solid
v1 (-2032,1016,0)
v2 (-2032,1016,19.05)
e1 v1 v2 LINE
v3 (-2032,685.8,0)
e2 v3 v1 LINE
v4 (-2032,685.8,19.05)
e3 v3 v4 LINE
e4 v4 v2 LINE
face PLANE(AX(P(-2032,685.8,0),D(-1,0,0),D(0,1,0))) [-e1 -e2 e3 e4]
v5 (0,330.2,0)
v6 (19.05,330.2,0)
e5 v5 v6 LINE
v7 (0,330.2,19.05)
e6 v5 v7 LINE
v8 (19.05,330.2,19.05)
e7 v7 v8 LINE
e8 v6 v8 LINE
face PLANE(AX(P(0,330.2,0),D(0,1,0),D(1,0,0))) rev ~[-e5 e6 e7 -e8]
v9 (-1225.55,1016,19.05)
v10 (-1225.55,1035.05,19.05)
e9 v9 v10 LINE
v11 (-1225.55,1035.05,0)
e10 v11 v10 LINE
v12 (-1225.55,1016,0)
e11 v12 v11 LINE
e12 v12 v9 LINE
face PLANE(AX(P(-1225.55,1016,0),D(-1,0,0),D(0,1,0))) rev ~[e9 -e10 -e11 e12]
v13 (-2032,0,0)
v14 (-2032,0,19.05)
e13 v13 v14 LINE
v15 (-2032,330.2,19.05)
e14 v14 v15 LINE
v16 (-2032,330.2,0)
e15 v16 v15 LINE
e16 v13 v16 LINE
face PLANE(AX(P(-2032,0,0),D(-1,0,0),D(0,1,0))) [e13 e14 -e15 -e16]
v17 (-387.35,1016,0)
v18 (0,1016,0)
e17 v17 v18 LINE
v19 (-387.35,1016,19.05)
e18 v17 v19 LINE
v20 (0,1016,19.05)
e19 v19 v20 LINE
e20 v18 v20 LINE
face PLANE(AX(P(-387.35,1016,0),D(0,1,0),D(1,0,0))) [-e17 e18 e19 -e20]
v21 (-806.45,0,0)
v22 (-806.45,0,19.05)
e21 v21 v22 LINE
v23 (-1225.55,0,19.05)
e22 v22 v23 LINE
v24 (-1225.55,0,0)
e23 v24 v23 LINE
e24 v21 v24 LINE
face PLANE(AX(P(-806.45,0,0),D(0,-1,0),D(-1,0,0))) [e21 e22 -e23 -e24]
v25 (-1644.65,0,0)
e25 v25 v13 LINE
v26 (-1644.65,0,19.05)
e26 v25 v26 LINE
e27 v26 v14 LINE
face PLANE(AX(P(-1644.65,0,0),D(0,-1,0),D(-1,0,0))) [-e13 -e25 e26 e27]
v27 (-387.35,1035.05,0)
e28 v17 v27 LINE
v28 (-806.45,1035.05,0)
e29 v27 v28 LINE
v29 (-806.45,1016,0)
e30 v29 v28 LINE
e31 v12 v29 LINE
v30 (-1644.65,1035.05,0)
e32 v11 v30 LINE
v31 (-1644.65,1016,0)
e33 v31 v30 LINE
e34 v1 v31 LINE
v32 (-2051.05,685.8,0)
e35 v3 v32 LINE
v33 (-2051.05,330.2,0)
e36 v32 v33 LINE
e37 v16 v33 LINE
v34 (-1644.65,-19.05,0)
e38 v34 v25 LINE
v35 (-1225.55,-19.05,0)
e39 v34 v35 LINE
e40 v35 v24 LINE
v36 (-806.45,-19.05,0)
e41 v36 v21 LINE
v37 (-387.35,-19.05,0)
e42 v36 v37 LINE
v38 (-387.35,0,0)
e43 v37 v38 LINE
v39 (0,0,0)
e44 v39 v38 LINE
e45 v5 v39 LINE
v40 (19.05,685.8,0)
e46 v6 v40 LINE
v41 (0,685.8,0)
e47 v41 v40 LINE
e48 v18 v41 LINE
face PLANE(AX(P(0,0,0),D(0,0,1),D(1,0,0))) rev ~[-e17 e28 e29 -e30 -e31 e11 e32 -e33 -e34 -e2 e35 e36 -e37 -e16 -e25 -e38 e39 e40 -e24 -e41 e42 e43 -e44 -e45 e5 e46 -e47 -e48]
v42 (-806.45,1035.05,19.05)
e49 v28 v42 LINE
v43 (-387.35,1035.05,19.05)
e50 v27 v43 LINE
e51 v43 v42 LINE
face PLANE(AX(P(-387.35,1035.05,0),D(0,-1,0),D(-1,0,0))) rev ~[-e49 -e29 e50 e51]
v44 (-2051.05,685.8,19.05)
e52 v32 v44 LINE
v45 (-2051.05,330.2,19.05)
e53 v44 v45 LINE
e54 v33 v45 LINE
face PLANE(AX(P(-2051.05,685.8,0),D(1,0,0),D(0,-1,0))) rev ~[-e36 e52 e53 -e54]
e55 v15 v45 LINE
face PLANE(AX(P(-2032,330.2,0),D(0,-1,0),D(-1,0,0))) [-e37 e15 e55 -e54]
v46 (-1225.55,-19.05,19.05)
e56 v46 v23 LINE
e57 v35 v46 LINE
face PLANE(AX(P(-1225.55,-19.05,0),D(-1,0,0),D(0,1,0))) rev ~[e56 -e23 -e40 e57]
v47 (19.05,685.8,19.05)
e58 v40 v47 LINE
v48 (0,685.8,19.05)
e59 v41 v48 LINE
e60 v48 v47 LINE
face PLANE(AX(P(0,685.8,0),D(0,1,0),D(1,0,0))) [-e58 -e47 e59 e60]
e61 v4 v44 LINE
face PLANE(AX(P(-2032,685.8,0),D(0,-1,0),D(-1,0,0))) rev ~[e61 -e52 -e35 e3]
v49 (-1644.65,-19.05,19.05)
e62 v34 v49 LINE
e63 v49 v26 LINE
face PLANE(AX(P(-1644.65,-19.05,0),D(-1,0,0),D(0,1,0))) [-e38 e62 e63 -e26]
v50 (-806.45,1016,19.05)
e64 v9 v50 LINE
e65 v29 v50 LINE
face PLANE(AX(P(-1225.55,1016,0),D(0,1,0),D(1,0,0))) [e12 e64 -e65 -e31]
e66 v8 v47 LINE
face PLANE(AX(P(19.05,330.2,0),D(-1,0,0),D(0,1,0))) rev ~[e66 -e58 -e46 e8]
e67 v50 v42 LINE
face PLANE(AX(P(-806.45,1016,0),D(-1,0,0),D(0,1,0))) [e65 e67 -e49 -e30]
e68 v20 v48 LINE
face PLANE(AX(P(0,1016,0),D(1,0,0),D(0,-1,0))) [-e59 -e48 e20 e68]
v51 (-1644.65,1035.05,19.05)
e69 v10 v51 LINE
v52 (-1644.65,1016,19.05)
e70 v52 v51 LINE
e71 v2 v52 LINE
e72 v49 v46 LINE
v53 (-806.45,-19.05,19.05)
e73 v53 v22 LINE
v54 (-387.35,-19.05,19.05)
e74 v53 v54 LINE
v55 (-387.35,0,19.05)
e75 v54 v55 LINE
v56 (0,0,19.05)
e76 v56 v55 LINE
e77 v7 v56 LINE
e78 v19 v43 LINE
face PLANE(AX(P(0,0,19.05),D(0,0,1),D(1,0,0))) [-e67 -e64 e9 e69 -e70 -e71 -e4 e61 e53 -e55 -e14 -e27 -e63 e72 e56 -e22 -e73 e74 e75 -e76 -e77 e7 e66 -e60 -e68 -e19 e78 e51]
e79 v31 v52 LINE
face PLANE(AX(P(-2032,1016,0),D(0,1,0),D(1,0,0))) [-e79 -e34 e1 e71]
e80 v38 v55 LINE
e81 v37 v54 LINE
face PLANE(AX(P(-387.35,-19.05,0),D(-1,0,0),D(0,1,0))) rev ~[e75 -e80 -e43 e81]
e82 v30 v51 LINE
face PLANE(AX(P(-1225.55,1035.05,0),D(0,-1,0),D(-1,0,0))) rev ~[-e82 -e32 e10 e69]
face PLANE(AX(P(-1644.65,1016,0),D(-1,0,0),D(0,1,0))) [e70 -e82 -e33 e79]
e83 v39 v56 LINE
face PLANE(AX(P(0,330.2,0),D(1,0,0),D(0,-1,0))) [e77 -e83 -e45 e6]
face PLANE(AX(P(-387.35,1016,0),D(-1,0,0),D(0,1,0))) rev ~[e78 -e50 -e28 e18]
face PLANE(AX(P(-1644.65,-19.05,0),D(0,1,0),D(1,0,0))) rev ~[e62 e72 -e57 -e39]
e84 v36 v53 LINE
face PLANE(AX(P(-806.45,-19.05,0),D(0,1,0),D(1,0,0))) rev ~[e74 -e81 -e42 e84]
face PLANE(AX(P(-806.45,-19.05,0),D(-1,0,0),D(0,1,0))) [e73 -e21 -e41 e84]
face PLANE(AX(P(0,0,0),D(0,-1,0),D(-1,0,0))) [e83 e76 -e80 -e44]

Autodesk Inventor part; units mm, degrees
ref_plane "YZ Plane" through (0, 0, 0) normal (1, 0, 0) x (0, 1, 0)
ref_plane "XZ Plane" through (0, 0, 0) normal (0, 1, 0) x (-1, 0, 0)
ref_plane "XY Plane" through (0, 0, 0) normal (0, 0, 1) x (1, 0, 0)
sketch "Sketch1" plane through (0, 0, 0) normal (0, 0, 1) x (1, 0, 0)
  line L0 (0, 0) -> (-2032, 0)
  line L1 (-2032, 0) -> (-2032, 1016)
  line L2 (-2032, 1016) -> (0, 1016)
  line L3 (0, 1016) -> (0, 0)
  line L4 (19.05, 1035.05) -> (-2051.05, 1035.05)
  line L5 (-2051.05, 1035.05) -> (-2051.05, -19.05)
  line L6 (-2051.05, -19.05) -> (19.05, -19.05)
  line L7 (19.05, -19.05) -> (19.05, 1035.05)
  line L8 (-1644.65, 1016) -> (-1644.65, 1035.05)
  line L9 (-1225.55, 1016) -> (-1225.55, 1035.05)
  line L10 (-806.45, 1016) -> (-806.45, 1035.05)
  line L11 (-387.35, 1016) -> (-387.35, 1035.05)
  line L12 (-1644.65, -19.05) -> (-1644.65, 0)
  line L13 (-1225.55, -19.05) -> (-1225.55, 0)
  line L14 (-806.45, -19.05) -> (-806.45, 0)
  line L15 (-387.35, -19.05) -> (-387.35, 0)
  line L16 (0, 330.2) -> (19.05, 330.2)
  line L17 (0, 685.8) -> (19.05, 685.8)
  line L18 (-2032, 685.8) -> (-2051.05, 685.8)
  line L19 (-2032, 330.2) -> (-2051.05, 330.2)
  point P0 (-1644.65, 0)
  point P1 (-1225.55, 0)
  point P2 (-806.45, 0)
  point P3 (-387.35, 0)
  dimension "d0" = 2032
  dimension "d1" = 1016
  dimension "d2" = 19.05
  dimension "d3" = 406.4
  dimension "d4" = 419.1
  dimension "d5" = 419.1
  dimension "d6" = 419.1
  dimension "d7" = 419.1
  dimension "d8" = 419.1
  dimension "d9" = 419.1
  dimension "d10" = 349.25
  dimension "d11" = 349.25
  dimension "d12" = 355.6
  dimension "d13" = 406.4
  dimension "d14" = 349.25
  dimension "d15" = 349.25
extrude "Extrusion1" add sketch "Sketch1" along normal blind 19.05 contours L0 L1 L2 L3 | L15 L6 L14 L0 | L3 L17 L7 L16 | L13 L6 L12 L0 | L2 L10 L4 L11 | L19 L5 L18 L1 | L2 L8 L4 L9
properties part number "Final Product backplate"
